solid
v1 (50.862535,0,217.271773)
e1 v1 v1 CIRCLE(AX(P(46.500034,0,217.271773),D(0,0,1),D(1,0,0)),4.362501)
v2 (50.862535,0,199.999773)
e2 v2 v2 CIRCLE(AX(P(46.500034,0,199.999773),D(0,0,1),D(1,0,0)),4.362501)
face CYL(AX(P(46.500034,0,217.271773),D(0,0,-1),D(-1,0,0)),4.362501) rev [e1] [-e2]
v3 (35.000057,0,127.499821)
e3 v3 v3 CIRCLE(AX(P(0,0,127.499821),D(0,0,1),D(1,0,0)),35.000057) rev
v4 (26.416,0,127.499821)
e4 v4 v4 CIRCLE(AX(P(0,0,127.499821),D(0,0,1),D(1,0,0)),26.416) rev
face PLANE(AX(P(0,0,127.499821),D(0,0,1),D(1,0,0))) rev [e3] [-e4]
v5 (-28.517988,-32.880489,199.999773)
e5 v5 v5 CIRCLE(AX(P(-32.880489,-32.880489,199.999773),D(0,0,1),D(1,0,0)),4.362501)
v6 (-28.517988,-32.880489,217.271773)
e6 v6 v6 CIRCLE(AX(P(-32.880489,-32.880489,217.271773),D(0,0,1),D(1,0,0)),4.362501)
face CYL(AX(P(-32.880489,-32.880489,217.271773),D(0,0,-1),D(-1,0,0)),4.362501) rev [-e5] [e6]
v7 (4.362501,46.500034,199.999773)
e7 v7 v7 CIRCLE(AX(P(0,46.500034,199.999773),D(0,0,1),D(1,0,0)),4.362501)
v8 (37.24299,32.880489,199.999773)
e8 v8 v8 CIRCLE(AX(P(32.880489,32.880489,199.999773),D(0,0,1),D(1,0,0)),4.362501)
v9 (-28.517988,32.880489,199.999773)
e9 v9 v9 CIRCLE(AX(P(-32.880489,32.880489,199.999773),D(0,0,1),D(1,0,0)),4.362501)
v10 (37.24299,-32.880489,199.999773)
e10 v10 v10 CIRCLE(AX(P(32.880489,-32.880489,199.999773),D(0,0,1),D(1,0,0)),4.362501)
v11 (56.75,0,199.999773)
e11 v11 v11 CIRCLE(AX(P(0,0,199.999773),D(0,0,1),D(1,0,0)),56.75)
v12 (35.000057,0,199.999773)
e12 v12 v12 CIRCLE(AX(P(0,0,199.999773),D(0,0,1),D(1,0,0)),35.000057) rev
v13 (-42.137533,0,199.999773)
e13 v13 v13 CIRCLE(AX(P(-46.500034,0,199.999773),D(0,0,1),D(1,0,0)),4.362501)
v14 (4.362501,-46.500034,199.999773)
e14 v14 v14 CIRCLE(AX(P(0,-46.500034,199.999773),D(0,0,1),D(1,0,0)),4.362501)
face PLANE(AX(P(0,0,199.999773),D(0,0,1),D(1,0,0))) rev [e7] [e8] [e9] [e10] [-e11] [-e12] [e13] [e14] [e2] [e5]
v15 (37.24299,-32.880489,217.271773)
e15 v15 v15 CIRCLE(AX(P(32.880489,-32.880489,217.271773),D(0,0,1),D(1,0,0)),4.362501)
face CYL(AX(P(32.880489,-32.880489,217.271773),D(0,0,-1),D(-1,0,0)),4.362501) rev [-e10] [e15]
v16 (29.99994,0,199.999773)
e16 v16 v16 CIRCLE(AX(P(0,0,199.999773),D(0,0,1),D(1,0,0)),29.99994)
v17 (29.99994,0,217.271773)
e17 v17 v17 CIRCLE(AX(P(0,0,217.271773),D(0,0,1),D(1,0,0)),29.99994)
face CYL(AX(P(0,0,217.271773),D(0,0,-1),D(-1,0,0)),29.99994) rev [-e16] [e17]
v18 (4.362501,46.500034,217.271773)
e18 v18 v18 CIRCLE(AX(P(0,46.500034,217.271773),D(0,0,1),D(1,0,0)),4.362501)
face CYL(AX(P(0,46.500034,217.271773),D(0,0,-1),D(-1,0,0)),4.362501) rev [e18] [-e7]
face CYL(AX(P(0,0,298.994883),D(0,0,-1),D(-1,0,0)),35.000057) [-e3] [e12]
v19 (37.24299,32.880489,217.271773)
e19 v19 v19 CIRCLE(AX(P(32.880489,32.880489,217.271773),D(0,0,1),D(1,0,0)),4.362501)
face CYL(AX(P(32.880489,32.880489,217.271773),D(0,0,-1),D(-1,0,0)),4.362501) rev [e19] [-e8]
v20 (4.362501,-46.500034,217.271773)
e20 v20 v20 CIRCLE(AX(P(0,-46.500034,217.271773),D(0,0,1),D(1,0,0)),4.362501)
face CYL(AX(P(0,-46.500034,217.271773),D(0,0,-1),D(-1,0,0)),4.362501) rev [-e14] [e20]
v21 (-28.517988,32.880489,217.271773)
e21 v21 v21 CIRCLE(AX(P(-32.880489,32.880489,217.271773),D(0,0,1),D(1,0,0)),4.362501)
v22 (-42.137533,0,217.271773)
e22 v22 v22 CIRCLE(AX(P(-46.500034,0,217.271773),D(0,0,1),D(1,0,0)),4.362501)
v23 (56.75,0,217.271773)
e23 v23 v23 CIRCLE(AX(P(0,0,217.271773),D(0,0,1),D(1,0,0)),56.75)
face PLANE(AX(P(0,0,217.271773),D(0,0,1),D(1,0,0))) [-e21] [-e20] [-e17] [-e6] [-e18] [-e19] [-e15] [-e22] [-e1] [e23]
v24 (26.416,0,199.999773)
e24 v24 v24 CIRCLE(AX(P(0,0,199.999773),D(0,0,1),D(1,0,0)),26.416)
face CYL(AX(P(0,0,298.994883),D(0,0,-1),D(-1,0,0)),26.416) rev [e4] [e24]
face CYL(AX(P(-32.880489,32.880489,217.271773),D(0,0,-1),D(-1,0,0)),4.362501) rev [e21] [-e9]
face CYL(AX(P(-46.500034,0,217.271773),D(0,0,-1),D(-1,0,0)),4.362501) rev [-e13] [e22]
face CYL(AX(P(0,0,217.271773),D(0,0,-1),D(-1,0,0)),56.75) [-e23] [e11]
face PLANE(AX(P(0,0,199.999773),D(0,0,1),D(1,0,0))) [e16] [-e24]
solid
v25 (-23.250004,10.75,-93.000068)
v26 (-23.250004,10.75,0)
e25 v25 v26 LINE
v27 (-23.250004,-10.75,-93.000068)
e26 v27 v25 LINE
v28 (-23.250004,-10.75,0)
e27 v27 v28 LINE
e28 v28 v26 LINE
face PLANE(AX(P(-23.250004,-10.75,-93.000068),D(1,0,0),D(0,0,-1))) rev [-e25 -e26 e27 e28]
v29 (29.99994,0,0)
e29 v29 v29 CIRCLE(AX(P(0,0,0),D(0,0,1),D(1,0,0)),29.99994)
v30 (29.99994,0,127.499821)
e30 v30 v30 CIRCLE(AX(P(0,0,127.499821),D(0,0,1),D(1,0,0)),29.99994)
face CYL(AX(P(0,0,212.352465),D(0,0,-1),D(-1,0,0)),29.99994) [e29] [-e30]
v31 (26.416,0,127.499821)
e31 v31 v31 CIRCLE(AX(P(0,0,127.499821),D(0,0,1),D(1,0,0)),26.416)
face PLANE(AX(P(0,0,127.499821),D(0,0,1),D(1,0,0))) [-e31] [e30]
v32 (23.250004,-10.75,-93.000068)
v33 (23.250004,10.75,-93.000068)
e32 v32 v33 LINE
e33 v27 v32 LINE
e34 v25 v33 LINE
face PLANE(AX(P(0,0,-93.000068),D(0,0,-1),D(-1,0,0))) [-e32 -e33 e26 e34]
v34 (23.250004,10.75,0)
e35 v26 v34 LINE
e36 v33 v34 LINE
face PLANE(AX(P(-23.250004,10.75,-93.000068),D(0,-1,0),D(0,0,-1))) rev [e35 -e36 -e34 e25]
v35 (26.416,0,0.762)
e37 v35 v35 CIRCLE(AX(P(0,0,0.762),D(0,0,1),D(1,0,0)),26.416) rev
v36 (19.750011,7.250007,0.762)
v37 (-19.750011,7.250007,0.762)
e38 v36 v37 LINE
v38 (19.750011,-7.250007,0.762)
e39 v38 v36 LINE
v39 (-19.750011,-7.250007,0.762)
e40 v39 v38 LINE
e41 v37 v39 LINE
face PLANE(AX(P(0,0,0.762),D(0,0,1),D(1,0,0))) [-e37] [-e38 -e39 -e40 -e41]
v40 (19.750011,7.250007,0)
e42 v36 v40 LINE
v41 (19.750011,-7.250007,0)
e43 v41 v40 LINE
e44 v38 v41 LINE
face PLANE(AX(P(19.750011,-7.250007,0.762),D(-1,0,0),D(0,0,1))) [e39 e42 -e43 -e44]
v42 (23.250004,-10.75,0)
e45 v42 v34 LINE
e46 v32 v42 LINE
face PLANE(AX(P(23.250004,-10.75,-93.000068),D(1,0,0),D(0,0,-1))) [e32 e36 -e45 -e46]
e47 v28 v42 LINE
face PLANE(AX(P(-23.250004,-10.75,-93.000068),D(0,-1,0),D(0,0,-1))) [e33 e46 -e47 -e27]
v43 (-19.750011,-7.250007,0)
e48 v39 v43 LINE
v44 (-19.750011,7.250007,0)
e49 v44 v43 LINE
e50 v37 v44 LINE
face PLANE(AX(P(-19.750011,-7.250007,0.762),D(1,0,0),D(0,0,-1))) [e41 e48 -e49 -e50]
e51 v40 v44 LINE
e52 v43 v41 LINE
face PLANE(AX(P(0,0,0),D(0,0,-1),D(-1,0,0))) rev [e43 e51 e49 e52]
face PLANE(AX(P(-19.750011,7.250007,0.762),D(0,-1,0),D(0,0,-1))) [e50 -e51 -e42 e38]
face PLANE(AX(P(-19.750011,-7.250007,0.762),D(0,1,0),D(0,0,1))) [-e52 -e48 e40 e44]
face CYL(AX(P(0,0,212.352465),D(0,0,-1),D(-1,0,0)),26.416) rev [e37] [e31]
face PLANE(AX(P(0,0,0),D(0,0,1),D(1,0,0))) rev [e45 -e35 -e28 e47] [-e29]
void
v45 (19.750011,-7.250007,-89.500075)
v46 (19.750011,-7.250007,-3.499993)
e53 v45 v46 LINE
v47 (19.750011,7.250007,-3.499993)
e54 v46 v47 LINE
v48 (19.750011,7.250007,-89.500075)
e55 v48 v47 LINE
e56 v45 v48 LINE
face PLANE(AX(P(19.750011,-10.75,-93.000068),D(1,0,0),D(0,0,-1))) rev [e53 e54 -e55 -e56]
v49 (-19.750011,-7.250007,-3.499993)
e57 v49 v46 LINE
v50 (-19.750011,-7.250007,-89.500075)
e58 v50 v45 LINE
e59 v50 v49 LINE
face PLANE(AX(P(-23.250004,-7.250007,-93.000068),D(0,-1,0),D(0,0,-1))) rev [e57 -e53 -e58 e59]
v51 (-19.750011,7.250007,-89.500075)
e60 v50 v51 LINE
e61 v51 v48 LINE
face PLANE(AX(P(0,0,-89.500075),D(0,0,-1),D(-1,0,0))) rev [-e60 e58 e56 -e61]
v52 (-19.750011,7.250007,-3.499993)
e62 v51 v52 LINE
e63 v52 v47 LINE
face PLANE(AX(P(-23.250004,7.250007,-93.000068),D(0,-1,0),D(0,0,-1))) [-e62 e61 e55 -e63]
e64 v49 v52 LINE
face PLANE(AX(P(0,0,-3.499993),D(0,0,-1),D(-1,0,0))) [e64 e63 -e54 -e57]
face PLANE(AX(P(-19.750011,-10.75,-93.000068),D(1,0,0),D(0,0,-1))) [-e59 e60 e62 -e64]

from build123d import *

# Parameters (mm, degrees)
SKETCH1_W           = 46.5000086
SKETCH1_H           = 21.50000018
BOSS_EXTRUDE1_DEPTH = 93.000068
SHELL1_T            = 3.499993
SKETCH2_R           = 29.99994
SKETCH2_R_2         = 26.416
BOSS_EXTRUDE2_DEPTH = 127.4998212
SKETCH18_R          = 56.74999953
SKETCH18_R_2        = 4.362500979
SKETCH18_R_3        = 29.99994
BOSS_EXTRUDE6_DEPTH = 17.272
SKETCH14_R          = 35.000057
SKETCH14_R_2        = 26.416
BOSS_EXTRUDE7_DEPTH = 49.9999508
SKETCH14_6_R        = 35.000057
SKETCH14_6_R_2      = 26.416
BOSS_EXTRUDE8_DEPTH = 22.50000072
SKETCH19_R          = 27.499945
SKETCH19_W          = 39.5000226
SKETCH19_H          = 14.50001418
BOSS_EXTRUDE9_DEPTH = 0.762


with BuildPart() as part:
    # Sketch1 → Boss-Extrude1 (new body)
    with BuildSketch(Plane.XY):
        Rectangle(SKETCH1_W, SKETCH1_H)
    extrude(amount=-BOSS_EXTRUDE1_DEPTH)

    # Shell1 (no face opened: a closed hollow body)
    add(offset(amount=-SHELL1_T, mode=Mode.PRIVATE), mode=Mode.SUBTRACT)



with BuildPart() as body_2:
    # Sketch2 → Boss-Extrude2 (new body)
    with BuildSketch(Plane.XY):
        Circle(SKETCH2_R)
        Circle(SKETCH2_R_2, mode=Mode.SUBTRACT)
    extrude(amount=BOSS_EXTRUDE2_DEPTH)


with BuildPart() as body_3:
    # Sketch18 → Boss-Extrude6 (new body)
    with BuildSketch(Plane.XY.offset(199.99977272)):
        Circle(SKETCH18_R)
        with Locations((0, 46.500034)):
            Circle(SKETCH18_R_2, mode=Mode.SUBTRACT)
        with Locations((32.880489367, 32.880489367)):
            Circle(SKETCH18_R_2, mode=Mode.SUBTRACT)
        with Locations((46.500034, 0)):
            Circle(SKETCH18_R_2, mode=Mode.SUBTRACT)
        with Locations((32.880489367, -32.880489367)):
            Circle(SKETCH18_R_2, mode=Mode.SUBTRACT)
        with Locations((0, -46.500034)):
            Circle(SKETCH18_R_2, mode=Mode.SUBTRACT)
        with Locations((-32.880489367, -32.880489367)):
            Circle(SKETCH18_R_2, mode=Mode.SUBTRACT)
        with Locations((-46.500034, 0)):
            Circle(SKETCH18_R_2, mode=Mode.SUBTRACT)
        with Locations((-32.880489367, 32.880489367)):
            Circle(SKETCH18_R_2, mode=Mode.SUBTRACT)
        Circle(SKETCH18_R_3, mode=Mode.SUBTRACT)
    extrude(amount=BOSS_EXTRUDE6_DEPTH)

    # Sketch14 → Boss-Extrude7 (add)
    with BuildSketch(Plane.XY.offset(149.99982192)):
        Circle(SKETCH14_R)
        Circle(SKETCH14_R_2, mode=Mode.SUBTRACT)
    extrude(amount=BOSS_EXTRUDE7_DEPTH)

    # Sketch14<6> → Boss-Extrude8 (add)
    with BuildSketch(Plane.XY.offset(149.99982192)):
        Circle(SKETCH14_6_R)
        Circle(SKETCH14_6_R_2, mode=Mode.SUBTRACT)
    extrude(amount=-BOSS_EXTRUDE8_DEPTH)


with BuildPart() as part_1:
    add(part.part)

    add(body_2.part)  # Boss-Extrude9 merges body 2
    # Sketch19 → Boss-Extrude9 (add)
    with BuildSketch(Plane.XY):
        Circle(SKETCH19_R)
        Rectangle(SKETCH19_W, SKETCH19_H, mode=Mode.SUBTRACT)
    extrude(amount=BOSS_EXTRUDE9_DEPTH)


solid = Compound([body_3.part, part_1.part])
